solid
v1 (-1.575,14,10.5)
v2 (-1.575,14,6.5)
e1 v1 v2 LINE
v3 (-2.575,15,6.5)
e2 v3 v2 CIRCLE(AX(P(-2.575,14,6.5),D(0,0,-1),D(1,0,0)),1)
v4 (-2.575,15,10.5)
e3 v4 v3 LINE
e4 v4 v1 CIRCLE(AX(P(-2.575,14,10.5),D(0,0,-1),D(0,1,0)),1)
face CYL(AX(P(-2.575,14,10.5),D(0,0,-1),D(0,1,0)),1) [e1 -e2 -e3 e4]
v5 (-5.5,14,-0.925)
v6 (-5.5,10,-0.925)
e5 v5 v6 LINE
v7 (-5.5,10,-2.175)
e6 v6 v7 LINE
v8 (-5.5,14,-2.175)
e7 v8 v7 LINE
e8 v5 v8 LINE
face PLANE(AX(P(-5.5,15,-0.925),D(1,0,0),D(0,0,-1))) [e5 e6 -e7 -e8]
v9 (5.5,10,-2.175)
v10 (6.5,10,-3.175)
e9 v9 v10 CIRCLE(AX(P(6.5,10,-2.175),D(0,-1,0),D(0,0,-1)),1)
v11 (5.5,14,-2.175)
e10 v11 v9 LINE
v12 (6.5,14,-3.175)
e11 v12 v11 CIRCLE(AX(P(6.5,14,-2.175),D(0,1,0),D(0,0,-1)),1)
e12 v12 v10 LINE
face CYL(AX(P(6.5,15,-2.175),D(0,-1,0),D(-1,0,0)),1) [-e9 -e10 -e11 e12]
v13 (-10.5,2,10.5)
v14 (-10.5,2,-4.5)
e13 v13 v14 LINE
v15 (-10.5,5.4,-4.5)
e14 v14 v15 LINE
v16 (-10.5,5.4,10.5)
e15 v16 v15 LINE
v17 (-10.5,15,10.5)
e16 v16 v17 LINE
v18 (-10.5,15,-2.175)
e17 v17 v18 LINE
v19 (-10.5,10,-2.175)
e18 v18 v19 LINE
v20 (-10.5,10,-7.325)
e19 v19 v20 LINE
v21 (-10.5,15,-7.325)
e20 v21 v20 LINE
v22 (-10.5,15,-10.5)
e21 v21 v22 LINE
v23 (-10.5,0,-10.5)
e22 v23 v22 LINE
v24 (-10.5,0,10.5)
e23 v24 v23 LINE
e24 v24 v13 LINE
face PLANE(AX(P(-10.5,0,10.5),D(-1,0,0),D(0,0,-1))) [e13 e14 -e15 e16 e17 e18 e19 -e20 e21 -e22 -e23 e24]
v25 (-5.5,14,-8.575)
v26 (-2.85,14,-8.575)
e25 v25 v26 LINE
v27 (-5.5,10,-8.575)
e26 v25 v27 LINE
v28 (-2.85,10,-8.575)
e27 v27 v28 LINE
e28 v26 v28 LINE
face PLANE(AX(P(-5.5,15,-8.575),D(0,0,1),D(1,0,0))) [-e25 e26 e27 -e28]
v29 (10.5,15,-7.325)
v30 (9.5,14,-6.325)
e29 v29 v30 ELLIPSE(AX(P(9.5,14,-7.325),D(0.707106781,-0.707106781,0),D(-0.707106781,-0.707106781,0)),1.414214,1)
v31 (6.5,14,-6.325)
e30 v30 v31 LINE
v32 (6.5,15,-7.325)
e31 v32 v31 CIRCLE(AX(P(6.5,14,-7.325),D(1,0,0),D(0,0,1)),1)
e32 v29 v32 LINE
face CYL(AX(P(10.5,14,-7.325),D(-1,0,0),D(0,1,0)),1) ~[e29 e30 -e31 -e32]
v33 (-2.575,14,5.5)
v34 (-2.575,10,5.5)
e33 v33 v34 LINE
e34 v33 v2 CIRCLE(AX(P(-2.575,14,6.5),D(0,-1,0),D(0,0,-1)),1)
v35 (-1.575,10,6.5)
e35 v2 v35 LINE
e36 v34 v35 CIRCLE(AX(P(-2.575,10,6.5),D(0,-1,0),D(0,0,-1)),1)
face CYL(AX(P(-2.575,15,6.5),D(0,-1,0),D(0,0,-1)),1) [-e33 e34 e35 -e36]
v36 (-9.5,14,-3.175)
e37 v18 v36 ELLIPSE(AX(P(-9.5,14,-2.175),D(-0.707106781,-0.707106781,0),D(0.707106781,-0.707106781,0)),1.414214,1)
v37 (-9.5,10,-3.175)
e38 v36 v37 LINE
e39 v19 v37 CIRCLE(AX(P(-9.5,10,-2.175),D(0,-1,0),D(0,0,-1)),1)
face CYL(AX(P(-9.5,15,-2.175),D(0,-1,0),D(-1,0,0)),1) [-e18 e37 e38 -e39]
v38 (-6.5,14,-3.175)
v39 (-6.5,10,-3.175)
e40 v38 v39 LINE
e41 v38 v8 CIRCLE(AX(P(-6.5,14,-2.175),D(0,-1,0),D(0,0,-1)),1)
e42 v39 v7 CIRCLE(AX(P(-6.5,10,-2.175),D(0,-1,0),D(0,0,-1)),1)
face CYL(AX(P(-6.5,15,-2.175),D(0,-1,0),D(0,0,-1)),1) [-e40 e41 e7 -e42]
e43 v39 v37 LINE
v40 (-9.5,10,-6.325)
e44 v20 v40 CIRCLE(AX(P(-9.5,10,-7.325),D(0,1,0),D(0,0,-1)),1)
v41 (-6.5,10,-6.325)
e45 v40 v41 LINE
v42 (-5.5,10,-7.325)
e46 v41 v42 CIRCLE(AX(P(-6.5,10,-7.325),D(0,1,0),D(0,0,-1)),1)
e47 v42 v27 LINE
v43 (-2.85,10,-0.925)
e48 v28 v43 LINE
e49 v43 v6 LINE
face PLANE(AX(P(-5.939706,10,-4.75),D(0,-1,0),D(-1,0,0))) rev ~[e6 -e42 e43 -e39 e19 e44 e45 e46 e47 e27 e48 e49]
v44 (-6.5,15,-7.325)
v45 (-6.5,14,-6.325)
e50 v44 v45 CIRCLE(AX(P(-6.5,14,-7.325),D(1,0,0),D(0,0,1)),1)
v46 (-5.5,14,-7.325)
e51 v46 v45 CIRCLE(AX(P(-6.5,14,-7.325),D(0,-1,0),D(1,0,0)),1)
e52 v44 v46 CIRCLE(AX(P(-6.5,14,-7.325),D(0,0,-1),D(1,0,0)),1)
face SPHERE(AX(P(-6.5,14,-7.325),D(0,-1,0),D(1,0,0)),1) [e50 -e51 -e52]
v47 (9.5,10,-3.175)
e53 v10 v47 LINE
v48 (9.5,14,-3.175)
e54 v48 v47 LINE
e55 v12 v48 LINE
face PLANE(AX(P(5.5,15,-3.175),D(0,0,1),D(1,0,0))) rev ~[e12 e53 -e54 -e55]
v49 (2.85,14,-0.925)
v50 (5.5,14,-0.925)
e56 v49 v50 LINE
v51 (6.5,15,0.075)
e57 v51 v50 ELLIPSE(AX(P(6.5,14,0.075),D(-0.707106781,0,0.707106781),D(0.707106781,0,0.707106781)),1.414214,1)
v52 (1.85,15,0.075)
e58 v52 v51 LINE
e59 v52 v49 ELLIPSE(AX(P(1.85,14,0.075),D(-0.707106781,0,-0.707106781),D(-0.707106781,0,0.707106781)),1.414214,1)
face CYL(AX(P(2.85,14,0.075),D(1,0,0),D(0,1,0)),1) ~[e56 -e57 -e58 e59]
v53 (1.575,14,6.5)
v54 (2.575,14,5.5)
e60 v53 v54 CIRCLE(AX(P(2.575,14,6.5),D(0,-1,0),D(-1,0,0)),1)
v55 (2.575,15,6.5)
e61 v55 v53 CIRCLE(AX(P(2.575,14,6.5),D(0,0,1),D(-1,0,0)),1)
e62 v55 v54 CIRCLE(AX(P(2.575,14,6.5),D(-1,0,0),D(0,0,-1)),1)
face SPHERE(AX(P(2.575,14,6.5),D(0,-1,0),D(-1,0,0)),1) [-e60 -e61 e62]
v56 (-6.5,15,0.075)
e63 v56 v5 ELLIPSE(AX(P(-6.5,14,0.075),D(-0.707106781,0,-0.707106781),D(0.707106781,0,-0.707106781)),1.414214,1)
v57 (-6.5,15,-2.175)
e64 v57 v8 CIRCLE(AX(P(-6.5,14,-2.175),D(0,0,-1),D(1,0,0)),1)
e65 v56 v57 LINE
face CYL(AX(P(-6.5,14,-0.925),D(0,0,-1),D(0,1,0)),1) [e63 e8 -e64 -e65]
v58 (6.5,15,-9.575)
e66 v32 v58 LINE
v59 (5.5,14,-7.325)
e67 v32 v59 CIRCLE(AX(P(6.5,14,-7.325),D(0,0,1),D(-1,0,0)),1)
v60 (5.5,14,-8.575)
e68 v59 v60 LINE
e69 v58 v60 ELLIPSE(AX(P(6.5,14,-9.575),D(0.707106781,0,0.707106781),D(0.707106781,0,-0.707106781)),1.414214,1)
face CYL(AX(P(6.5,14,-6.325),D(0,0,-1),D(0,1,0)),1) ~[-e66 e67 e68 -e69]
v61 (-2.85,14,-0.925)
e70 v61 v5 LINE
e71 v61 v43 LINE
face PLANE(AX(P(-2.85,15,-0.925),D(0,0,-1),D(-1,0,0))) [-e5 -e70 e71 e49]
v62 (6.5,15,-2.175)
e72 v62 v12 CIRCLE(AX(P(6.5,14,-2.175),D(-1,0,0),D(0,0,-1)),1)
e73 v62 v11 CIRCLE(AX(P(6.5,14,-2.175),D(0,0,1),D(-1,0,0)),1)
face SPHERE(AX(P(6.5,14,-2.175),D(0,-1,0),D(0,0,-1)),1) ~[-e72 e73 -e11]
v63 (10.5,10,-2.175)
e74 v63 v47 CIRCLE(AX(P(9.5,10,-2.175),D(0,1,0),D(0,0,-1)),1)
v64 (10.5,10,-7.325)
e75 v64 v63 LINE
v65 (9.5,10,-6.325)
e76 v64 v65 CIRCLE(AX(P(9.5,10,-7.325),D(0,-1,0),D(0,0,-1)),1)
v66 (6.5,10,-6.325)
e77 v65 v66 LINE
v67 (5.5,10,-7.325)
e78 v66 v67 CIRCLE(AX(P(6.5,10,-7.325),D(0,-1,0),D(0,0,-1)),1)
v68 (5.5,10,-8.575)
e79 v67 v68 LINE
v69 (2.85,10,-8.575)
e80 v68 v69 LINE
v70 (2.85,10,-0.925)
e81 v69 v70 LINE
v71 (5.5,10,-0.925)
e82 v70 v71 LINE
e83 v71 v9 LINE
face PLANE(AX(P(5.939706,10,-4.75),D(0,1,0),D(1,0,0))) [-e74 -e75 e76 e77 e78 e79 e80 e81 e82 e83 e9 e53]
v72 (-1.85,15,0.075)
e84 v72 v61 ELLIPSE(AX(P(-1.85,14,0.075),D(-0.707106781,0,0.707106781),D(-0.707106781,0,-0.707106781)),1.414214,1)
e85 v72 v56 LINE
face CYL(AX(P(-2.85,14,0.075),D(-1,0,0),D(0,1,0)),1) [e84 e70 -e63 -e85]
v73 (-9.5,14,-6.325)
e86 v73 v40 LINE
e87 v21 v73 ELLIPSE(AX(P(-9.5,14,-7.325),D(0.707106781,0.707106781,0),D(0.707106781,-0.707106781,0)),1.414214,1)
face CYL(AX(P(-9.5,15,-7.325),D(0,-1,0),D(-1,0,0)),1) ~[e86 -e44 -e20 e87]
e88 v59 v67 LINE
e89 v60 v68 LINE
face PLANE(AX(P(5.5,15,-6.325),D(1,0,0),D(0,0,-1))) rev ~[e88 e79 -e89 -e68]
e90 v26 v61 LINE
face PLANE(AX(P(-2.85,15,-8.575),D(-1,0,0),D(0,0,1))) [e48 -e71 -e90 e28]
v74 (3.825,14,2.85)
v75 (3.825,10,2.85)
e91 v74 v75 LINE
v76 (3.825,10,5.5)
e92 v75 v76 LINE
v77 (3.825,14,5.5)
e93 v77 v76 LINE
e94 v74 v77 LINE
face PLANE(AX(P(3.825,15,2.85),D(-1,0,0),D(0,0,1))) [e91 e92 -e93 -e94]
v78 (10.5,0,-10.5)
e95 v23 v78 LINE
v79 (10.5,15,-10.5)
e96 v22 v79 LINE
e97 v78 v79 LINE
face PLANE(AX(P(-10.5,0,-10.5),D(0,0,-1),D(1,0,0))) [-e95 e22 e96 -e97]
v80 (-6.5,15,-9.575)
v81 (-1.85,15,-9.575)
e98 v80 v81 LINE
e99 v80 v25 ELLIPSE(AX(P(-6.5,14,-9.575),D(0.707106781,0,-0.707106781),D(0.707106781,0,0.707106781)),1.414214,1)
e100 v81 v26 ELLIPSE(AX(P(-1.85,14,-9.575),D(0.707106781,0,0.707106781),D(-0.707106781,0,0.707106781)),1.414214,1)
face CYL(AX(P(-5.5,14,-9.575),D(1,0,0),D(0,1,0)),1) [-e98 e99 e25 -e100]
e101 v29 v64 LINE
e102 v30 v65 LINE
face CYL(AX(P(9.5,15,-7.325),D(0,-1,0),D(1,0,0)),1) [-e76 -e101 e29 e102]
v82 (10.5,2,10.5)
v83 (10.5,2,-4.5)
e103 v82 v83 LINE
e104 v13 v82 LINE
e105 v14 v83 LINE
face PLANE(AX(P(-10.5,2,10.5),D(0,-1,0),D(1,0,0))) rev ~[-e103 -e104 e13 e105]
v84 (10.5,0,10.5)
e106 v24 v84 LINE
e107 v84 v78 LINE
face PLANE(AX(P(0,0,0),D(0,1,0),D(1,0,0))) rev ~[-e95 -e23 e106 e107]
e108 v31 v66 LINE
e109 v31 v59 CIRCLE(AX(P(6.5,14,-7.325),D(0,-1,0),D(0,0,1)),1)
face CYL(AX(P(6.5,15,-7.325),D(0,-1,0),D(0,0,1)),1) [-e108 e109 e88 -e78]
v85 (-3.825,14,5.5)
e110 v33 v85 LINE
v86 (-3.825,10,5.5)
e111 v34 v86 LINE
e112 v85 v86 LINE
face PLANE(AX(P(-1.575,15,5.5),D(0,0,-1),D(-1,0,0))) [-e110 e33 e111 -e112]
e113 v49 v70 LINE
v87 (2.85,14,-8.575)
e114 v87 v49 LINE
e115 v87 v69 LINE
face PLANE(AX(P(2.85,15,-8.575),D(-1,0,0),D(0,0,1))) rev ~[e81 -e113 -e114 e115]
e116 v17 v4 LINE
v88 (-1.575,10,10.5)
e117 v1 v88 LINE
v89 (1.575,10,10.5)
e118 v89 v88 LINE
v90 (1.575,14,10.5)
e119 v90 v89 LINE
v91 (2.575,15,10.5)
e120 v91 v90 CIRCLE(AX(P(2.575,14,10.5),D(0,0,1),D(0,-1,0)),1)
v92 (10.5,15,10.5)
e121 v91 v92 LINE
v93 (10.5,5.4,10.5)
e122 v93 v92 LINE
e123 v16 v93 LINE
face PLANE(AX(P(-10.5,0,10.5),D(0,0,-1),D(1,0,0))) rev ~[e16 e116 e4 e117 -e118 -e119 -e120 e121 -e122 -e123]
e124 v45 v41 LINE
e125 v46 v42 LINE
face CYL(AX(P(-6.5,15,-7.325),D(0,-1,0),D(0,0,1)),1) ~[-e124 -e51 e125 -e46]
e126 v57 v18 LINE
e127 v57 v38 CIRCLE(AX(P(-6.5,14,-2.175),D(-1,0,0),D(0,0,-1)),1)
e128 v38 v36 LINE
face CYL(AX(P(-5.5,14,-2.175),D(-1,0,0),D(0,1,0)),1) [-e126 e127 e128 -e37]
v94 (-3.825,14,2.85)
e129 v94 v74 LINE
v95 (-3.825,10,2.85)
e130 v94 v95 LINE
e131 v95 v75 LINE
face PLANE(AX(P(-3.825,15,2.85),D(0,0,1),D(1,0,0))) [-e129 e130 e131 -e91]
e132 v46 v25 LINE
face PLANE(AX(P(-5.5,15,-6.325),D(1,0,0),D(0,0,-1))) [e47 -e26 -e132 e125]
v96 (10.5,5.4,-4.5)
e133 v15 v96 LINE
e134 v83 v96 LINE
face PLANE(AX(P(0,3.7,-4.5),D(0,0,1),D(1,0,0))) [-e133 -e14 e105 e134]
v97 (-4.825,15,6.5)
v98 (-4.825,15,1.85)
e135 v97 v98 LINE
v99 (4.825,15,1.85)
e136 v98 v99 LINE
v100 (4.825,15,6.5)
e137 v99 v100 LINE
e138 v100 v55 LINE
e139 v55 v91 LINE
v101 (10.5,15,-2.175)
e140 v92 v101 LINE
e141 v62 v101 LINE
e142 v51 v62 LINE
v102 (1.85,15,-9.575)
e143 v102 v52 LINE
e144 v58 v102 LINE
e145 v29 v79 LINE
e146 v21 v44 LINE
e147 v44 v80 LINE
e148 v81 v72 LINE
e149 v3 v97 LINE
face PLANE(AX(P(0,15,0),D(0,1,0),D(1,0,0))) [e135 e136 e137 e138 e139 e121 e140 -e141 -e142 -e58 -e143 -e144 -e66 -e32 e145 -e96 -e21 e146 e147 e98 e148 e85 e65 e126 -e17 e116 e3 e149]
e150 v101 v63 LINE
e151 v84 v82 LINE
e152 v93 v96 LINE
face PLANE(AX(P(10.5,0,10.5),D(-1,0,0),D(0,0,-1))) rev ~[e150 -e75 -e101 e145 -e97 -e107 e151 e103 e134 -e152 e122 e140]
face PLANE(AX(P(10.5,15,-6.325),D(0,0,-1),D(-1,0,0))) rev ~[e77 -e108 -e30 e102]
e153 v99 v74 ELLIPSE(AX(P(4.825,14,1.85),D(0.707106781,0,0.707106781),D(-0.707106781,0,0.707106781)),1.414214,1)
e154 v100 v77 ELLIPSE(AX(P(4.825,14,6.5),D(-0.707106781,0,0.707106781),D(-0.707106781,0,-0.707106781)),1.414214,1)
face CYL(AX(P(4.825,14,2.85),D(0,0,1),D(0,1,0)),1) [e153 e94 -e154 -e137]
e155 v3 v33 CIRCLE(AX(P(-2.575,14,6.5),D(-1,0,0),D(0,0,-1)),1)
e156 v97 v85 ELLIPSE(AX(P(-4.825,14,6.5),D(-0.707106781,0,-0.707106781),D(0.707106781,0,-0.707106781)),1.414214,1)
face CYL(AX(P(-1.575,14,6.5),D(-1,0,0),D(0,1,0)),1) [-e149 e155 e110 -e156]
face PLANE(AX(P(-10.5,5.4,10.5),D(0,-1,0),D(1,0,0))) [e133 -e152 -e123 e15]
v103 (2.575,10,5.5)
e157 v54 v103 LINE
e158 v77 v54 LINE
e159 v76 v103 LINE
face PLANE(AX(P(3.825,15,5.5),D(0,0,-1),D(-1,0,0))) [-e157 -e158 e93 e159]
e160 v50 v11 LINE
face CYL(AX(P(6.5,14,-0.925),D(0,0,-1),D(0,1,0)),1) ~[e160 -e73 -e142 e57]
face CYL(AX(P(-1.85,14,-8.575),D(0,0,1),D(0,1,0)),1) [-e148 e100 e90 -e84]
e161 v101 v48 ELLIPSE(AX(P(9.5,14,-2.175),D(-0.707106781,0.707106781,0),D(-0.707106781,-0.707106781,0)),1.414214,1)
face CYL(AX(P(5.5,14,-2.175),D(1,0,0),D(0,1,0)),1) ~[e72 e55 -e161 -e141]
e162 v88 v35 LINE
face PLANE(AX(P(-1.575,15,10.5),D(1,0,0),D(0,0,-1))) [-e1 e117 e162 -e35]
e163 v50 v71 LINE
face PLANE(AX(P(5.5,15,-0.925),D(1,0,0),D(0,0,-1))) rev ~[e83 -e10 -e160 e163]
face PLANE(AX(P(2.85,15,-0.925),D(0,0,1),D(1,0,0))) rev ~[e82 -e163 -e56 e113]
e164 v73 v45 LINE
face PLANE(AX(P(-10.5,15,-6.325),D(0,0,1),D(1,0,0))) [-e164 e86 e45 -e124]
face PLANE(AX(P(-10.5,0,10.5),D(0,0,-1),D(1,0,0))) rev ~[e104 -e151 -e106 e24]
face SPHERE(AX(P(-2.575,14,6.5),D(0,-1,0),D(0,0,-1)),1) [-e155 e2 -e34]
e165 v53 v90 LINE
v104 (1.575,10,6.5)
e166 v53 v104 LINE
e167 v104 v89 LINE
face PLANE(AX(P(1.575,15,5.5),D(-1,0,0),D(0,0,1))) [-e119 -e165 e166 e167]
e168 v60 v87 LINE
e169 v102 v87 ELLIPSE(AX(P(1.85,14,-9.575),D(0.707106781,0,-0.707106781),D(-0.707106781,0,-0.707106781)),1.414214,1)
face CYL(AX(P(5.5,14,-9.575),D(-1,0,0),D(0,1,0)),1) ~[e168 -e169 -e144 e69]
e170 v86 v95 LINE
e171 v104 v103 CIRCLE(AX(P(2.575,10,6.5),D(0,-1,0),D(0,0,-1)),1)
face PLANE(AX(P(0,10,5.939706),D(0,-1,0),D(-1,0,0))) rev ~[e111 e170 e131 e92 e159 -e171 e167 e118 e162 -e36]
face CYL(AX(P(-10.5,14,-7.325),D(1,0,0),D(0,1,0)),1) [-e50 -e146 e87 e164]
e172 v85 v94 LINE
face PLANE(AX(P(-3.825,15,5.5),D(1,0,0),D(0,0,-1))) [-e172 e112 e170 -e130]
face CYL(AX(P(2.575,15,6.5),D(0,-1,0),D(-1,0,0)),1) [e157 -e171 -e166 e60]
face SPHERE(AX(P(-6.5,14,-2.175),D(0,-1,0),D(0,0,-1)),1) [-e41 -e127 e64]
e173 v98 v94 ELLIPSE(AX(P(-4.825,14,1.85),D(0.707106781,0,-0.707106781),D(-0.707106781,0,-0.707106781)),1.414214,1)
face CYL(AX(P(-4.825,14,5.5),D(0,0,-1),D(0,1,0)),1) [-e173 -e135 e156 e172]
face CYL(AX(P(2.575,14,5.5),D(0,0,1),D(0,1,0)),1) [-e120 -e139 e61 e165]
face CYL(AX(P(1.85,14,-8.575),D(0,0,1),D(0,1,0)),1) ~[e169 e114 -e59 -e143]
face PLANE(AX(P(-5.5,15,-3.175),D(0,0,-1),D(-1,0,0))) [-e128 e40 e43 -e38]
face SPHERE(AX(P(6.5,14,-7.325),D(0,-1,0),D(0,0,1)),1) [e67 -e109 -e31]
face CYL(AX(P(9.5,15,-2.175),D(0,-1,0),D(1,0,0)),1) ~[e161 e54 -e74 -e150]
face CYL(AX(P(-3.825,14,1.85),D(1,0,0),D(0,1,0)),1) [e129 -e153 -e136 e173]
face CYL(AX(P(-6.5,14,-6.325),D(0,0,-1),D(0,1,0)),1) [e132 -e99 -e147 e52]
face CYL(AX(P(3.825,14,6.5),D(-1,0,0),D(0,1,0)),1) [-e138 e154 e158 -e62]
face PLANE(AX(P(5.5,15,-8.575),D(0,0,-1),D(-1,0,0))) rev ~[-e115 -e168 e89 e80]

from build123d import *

# Parameters (mm, degrees)
SKETCH1_W           = 21
SKETCH1_H           = 21
BOSS_EXTRUDE1_DEPTH = 15
CUT_EXTRUDE1_DEPTH  = 5
SKETCH3_W           = 21
SKETCH3_H           = 3.4
CUT_EXTRUDE2_DEPTH  = 15
FILLET1_R           = 1


with BuildPart() as part:
    # Sketch1 → Boss-Extrude1 (new body)
    with BuildSketch(Plane(origin=(0, 0, 0), x_dir=(1, 0, 0), z_dir=(0, 1, 0))):
        Rectangle(SKETCH1_W, SKETCH1_H)
    extrude(amount=BOSS_EXTRUDE1_DEPTH)

    # Sketch2 → Cut-Extrude1 (cut)
    with BuildSketch(Plane(origin=(0, 15, 0), x_dir=(1, 0, 0), z_dir=(0, 1, 0))):
        Polygon((-10.5, 6.325), (-5.5, 6.325), (-5.5, 8.575), (-2.85, 8.575), (-2.85, 0.925), (-5.5, 0.925), (-5.5, 3.175), (-10.5, 3.175), align=None)
        Polygon((10.5, 3.175), (10.5, 6.325), (5.5, 6.325), (5.5, 8.575), (2.85, 8.575), (2.85, 0.925), (5.5, 0.925), (5.5, 3.175), align=None)
        Polygon((-3.825, -2.85), (3.825, -2.85), (3.825, -5.5), (1.575, -5.5), (1.575, -10.5), (-1.575, -10.5), (-1.575, -5.5), (-3.825, -5.5), align=None)
    extrude(amount=-CUT_EXTRUDE1_DEPTH, mode=Mode.SUBTRACT)

    # Sketch3 → Cut-Extrude2 (cut)
    with BuildSketch(Plane.XY.offset(10.5)):
        with Locations((0, 3.7)):
            Rectangle(SKETCH3_W, SKETCH3_H)
    extrude(amount=-CUT_EXTRUDE2_DEPTH, mode=Mode.SUBTRACT)

    # Fillet1
    fillet1_edges = [part.edges().sort_by_distance(p)[0] for p in [
        (1.575, 12.5, 5.5),
        (-1.575, 12.5, 5.5),
        (-3.825, 15, 4.175),
        (-2.7, 15, 5.5),
        (-1.575, 15, 8),
        (1.575, 15, 8),
        (2.7, 15, 5.5),
        (3.825, 15, 4.175),
        (0, 15, 2.85),
        (10.5, 12.5, -3.175),
        (5.5, 12.5, -3.175),
        (5.5, 12.5, -6.325),
        (10.5, 12.5, -6.325),
        (8, 15, -3.175),
        (8, 15, -6.325),
        (5.5, 15, -7.45),
        (4.175, 15, -8.575),
        (2.85, 15, -4.75),
        (4.175, 15, -0.925),
        (5.5, 15, -2.05),
        (-10.5, 12.5, -3.175),
        (-10.5, 12.5, -6.325),
        (-5.5, 12.5, -6.325),
        (-5.5, 12.5, -3.175),
        (-8, 15, -3.175),
        (-5.5, 15, -2.05),
        (-4.175, 15, -0.925),
        (-2.85, 15, -4.75),
        (-4.175, 15, -8.575),
        (-5.5, 15, -7.45),
        (-8, 15, -6.325),
    ]]
    fillet(fillet1_edges, radius=FILLET1_R)


solid = part.part
